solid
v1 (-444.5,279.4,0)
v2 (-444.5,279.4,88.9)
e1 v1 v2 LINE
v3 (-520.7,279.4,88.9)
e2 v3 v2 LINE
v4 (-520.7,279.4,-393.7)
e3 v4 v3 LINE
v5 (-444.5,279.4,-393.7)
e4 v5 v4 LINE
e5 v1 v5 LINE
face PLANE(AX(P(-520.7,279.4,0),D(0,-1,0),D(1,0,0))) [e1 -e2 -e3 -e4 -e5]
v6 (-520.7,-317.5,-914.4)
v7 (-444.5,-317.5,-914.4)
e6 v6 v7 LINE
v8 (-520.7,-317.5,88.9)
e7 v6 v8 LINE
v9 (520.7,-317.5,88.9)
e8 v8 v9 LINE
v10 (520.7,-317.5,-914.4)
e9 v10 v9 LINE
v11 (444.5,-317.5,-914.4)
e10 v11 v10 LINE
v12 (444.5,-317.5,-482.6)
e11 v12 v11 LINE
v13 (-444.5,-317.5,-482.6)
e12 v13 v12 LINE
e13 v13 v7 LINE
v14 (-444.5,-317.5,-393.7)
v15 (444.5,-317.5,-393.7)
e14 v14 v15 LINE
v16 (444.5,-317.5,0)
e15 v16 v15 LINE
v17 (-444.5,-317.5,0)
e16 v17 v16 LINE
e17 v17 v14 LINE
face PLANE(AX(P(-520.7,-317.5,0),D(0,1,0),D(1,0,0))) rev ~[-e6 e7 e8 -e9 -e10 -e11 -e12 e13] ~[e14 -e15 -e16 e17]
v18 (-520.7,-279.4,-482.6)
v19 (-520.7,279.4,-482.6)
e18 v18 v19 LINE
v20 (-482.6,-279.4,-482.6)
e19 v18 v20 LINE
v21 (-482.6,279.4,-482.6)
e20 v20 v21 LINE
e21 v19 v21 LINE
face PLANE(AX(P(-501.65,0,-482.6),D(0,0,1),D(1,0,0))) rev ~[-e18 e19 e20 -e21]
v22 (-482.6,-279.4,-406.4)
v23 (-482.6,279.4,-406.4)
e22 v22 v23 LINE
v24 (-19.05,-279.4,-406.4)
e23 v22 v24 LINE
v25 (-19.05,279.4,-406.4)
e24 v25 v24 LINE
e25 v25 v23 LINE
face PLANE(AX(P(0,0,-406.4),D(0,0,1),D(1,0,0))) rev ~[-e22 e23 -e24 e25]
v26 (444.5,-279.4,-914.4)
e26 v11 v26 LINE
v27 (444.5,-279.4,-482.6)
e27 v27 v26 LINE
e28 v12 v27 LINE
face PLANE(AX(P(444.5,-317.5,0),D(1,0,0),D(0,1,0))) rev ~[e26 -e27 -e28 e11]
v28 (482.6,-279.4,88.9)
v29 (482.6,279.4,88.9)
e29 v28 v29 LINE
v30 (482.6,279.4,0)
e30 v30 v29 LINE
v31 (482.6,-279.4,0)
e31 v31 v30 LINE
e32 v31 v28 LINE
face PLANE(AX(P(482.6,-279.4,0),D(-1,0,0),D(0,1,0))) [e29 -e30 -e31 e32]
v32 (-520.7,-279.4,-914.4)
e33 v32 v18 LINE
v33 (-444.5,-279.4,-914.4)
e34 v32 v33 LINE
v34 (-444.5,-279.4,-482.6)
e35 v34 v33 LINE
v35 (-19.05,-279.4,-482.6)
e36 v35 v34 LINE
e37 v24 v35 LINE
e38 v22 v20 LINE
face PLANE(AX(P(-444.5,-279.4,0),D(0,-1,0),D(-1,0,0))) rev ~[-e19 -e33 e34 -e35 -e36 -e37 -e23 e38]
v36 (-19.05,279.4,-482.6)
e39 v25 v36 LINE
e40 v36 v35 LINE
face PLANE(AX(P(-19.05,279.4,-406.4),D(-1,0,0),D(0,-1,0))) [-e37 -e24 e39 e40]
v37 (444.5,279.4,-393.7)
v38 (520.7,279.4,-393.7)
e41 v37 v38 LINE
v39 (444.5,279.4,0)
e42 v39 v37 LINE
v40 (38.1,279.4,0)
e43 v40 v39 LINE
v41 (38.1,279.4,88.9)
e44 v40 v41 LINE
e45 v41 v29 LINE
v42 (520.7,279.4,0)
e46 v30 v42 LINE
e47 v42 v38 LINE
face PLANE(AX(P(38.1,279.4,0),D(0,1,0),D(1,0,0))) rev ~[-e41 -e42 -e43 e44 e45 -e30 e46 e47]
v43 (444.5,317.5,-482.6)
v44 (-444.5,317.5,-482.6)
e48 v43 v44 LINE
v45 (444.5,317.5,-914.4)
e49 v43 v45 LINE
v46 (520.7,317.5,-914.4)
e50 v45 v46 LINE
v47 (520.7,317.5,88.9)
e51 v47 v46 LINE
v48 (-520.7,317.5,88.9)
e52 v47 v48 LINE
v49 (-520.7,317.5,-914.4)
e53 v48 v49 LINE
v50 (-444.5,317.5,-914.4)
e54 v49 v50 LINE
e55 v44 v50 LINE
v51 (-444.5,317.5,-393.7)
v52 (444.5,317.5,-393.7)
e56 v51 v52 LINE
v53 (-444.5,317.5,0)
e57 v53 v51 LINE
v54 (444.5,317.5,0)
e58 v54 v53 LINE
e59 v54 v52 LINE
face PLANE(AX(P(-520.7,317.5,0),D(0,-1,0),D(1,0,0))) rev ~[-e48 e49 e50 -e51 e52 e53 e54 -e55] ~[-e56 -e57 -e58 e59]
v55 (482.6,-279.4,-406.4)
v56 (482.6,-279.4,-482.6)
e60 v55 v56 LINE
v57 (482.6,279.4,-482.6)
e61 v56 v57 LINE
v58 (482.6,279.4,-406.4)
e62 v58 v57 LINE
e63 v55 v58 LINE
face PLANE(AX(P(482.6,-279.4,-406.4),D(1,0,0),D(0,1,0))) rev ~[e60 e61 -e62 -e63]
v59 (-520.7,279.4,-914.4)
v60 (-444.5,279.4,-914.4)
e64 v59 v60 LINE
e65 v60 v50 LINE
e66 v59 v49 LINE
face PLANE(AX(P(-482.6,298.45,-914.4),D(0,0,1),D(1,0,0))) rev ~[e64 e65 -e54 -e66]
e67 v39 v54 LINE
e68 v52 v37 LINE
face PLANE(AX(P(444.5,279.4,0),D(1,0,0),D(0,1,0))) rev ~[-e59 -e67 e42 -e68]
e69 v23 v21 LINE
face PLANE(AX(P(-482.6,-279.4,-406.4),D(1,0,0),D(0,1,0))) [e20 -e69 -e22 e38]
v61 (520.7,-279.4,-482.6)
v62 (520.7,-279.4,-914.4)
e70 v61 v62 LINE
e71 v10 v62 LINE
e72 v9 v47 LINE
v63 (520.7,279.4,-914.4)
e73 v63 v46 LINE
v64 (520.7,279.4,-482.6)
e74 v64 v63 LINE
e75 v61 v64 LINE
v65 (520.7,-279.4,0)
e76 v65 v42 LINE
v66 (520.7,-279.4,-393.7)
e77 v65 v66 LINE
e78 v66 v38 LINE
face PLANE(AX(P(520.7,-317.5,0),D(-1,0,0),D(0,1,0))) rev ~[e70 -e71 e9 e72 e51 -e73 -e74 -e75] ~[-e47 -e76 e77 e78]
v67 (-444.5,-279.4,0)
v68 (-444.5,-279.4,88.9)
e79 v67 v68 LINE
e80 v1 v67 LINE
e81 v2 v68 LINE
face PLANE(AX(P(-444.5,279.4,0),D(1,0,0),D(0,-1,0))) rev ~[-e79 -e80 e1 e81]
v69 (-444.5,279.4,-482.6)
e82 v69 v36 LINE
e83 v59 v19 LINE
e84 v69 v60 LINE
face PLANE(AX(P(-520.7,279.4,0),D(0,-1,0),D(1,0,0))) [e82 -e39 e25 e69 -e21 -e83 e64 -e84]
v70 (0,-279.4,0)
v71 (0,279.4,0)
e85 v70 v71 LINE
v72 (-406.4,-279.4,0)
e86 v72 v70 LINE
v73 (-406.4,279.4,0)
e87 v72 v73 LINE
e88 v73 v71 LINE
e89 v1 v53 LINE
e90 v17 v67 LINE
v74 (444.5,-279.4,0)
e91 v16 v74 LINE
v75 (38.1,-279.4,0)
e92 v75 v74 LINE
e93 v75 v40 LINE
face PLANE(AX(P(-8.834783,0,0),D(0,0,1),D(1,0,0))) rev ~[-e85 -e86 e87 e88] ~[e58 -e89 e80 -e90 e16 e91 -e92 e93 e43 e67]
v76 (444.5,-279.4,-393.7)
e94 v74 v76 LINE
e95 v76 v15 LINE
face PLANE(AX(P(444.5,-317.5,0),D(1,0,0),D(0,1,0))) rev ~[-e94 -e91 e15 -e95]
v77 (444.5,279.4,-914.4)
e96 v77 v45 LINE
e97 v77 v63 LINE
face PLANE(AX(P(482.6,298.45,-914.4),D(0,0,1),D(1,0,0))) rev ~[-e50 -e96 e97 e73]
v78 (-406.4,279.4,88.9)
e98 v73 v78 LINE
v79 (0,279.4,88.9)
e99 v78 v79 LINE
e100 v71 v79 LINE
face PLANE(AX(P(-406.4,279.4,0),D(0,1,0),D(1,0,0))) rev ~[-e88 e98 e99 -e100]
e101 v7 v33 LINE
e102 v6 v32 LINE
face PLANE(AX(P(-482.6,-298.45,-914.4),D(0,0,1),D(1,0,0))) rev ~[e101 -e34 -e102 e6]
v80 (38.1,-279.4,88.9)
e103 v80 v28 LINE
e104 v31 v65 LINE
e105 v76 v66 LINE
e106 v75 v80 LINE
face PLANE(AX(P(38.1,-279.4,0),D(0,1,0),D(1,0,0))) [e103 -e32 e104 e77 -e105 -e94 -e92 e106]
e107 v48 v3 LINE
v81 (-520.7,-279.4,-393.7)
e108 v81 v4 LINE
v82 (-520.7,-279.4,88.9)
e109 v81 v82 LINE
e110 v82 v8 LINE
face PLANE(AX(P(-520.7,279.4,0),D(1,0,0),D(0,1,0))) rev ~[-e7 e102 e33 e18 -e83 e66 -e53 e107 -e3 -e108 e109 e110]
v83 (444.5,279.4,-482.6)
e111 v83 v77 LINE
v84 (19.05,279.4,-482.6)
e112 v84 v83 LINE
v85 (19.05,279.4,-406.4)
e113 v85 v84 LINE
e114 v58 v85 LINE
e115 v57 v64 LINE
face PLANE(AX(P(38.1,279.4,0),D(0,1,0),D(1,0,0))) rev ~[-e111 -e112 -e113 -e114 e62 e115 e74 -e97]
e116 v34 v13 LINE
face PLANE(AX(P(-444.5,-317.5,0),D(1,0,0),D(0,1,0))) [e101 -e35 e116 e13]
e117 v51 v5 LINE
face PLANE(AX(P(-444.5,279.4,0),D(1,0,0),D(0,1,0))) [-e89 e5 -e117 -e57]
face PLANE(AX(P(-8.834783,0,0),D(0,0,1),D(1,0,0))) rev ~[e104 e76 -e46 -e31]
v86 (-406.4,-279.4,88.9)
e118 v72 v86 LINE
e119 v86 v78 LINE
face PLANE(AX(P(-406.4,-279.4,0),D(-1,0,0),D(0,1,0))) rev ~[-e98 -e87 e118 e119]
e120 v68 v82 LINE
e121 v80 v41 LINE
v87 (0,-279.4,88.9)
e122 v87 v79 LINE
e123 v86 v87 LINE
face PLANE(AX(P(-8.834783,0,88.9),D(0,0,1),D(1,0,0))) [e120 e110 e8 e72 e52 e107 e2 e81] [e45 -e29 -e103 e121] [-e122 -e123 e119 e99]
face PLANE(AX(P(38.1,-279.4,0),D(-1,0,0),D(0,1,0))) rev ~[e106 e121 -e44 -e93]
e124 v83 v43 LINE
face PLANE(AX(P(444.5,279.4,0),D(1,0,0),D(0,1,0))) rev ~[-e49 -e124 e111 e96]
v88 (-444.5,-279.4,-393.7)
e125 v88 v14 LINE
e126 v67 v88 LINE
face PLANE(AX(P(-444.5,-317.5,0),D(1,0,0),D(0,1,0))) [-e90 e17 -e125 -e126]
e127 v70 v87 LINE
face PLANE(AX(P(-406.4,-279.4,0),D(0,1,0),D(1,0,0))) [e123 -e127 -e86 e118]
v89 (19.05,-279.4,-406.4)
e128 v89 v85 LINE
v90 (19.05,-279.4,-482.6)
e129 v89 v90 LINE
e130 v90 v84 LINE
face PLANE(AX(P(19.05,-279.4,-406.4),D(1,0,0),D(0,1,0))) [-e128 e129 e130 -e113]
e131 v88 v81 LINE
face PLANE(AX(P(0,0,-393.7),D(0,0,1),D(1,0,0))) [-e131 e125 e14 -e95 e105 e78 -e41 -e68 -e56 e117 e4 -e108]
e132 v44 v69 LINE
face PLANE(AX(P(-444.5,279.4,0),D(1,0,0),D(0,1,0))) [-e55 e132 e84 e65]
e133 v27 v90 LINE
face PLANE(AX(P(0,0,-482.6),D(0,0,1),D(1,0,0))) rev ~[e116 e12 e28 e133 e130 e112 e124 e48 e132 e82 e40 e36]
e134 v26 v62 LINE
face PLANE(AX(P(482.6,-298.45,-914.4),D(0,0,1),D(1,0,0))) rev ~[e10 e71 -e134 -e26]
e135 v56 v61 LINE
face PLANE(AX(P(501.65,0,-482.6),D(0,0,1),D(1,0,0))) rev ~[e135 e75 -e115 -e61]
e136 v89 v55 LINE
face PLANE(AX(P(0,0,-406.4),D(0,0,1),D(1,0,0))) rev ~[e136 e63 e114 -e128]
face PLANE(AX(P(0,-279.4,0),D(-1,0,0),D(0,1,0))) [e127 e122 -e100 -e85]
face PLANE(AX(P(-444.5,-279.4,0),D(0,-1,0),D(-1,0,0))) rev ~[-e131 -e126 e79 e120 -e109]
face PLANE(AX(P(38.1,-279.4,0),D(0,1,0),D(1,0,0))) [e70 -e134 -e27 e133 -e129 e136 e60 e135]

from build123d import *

# Parameters (mm, degrees)
SKETCH_W     = 406.4
SKETCH_H     = 558.8
SKETCH_W_2   = 444.5
PAD_DEPTH    = 88.9
SKETCH002_W  = 76.2
SKETCH002_H  = 38.1
PAD003_DEPTH = 914.4
SKETCH001_W  = 38.1
SKETCH001_H  = 558.8
PAD004_DEPTH = 76.2
SKETCH003_W  = 1041.4
SKETCH003_H  = 635
PAD005_DEPTH = 12.7


with BuildPart() as part:
    # Sketch → Pad (new body)
    with BuildSketch(Plane.XY):
        Polygon((-520.7, 317.5), (-520.7, 279.4), (-444.5, 279.4), (-444.5, -279.4), (-520.7, -279.4), (-520.7, -317.5), (520.7, -317.5), (520.7, 317.5), align=None)
        with Locations((-203.2, 0)):
            Rectangle(SKETCH_W, SKETCH_H, mode=Mode.SUBTRACT)
        with Locations((260.35, 0)):
            Rectangle(SKETCH_W_2, SKETCH_H, mode=Mode.SUBTRACT)
    extrude(amount=PAD_DEPTH)

    # Sketch002 → Pad003 (join)
    with BuildSketch(Plane.XY):
        with Locations((-482.6, 298.45)):
            Rectangle(SKETCH002_W, SKETCH002_H)
        with Locations((482.6, 298.45)):
            Rectangle(SKETCH002_W, SKETCH002_H)
        with Locations((482.6, -298.45)):
            Rectangle(SKETCH002_W, SKETCH002_H)
        with Locations((-482.6, -298.45)):
            Rectangle(SKETCH002_W, SKETCH002_H)
    extrude(amount=-PAD003_DEPTH)

    # Sketch001 → Pad004 (join)
    with BuildSketch(Plane.XY.offset(-406.4)):
        Polygon((-444.5, 279.4), (-19.05, 279.4), (-19.05, -279.4), (-444.5, -279.4), (-444.5, -317.5), (444.5, -317.5), (444.5, -279.4), (19.05, -279.4), (19.05, 279.4), (444.5, 279.4), (444.5, 317.5), (-444.5, 317.5), align=None)
        with Locations((-501.65, 0)):
            Rectangle(SKETCH001_W, SKETCH001_H)
        with Locations((501.65, 0)):
            Rectangle(SKETCH001_W, SKETCH001_H)
    extrude(amount=-PAD004_DEPTH)

    # Sketch003 → Pad005 (join)
    with BuildSketch(Plane.XY.offset(-406.4)):
        Rectangle(SKETCH003_W, SKETCH003_H)
    extrude(amount=PAD005_DEPTH)


solid = part.part
